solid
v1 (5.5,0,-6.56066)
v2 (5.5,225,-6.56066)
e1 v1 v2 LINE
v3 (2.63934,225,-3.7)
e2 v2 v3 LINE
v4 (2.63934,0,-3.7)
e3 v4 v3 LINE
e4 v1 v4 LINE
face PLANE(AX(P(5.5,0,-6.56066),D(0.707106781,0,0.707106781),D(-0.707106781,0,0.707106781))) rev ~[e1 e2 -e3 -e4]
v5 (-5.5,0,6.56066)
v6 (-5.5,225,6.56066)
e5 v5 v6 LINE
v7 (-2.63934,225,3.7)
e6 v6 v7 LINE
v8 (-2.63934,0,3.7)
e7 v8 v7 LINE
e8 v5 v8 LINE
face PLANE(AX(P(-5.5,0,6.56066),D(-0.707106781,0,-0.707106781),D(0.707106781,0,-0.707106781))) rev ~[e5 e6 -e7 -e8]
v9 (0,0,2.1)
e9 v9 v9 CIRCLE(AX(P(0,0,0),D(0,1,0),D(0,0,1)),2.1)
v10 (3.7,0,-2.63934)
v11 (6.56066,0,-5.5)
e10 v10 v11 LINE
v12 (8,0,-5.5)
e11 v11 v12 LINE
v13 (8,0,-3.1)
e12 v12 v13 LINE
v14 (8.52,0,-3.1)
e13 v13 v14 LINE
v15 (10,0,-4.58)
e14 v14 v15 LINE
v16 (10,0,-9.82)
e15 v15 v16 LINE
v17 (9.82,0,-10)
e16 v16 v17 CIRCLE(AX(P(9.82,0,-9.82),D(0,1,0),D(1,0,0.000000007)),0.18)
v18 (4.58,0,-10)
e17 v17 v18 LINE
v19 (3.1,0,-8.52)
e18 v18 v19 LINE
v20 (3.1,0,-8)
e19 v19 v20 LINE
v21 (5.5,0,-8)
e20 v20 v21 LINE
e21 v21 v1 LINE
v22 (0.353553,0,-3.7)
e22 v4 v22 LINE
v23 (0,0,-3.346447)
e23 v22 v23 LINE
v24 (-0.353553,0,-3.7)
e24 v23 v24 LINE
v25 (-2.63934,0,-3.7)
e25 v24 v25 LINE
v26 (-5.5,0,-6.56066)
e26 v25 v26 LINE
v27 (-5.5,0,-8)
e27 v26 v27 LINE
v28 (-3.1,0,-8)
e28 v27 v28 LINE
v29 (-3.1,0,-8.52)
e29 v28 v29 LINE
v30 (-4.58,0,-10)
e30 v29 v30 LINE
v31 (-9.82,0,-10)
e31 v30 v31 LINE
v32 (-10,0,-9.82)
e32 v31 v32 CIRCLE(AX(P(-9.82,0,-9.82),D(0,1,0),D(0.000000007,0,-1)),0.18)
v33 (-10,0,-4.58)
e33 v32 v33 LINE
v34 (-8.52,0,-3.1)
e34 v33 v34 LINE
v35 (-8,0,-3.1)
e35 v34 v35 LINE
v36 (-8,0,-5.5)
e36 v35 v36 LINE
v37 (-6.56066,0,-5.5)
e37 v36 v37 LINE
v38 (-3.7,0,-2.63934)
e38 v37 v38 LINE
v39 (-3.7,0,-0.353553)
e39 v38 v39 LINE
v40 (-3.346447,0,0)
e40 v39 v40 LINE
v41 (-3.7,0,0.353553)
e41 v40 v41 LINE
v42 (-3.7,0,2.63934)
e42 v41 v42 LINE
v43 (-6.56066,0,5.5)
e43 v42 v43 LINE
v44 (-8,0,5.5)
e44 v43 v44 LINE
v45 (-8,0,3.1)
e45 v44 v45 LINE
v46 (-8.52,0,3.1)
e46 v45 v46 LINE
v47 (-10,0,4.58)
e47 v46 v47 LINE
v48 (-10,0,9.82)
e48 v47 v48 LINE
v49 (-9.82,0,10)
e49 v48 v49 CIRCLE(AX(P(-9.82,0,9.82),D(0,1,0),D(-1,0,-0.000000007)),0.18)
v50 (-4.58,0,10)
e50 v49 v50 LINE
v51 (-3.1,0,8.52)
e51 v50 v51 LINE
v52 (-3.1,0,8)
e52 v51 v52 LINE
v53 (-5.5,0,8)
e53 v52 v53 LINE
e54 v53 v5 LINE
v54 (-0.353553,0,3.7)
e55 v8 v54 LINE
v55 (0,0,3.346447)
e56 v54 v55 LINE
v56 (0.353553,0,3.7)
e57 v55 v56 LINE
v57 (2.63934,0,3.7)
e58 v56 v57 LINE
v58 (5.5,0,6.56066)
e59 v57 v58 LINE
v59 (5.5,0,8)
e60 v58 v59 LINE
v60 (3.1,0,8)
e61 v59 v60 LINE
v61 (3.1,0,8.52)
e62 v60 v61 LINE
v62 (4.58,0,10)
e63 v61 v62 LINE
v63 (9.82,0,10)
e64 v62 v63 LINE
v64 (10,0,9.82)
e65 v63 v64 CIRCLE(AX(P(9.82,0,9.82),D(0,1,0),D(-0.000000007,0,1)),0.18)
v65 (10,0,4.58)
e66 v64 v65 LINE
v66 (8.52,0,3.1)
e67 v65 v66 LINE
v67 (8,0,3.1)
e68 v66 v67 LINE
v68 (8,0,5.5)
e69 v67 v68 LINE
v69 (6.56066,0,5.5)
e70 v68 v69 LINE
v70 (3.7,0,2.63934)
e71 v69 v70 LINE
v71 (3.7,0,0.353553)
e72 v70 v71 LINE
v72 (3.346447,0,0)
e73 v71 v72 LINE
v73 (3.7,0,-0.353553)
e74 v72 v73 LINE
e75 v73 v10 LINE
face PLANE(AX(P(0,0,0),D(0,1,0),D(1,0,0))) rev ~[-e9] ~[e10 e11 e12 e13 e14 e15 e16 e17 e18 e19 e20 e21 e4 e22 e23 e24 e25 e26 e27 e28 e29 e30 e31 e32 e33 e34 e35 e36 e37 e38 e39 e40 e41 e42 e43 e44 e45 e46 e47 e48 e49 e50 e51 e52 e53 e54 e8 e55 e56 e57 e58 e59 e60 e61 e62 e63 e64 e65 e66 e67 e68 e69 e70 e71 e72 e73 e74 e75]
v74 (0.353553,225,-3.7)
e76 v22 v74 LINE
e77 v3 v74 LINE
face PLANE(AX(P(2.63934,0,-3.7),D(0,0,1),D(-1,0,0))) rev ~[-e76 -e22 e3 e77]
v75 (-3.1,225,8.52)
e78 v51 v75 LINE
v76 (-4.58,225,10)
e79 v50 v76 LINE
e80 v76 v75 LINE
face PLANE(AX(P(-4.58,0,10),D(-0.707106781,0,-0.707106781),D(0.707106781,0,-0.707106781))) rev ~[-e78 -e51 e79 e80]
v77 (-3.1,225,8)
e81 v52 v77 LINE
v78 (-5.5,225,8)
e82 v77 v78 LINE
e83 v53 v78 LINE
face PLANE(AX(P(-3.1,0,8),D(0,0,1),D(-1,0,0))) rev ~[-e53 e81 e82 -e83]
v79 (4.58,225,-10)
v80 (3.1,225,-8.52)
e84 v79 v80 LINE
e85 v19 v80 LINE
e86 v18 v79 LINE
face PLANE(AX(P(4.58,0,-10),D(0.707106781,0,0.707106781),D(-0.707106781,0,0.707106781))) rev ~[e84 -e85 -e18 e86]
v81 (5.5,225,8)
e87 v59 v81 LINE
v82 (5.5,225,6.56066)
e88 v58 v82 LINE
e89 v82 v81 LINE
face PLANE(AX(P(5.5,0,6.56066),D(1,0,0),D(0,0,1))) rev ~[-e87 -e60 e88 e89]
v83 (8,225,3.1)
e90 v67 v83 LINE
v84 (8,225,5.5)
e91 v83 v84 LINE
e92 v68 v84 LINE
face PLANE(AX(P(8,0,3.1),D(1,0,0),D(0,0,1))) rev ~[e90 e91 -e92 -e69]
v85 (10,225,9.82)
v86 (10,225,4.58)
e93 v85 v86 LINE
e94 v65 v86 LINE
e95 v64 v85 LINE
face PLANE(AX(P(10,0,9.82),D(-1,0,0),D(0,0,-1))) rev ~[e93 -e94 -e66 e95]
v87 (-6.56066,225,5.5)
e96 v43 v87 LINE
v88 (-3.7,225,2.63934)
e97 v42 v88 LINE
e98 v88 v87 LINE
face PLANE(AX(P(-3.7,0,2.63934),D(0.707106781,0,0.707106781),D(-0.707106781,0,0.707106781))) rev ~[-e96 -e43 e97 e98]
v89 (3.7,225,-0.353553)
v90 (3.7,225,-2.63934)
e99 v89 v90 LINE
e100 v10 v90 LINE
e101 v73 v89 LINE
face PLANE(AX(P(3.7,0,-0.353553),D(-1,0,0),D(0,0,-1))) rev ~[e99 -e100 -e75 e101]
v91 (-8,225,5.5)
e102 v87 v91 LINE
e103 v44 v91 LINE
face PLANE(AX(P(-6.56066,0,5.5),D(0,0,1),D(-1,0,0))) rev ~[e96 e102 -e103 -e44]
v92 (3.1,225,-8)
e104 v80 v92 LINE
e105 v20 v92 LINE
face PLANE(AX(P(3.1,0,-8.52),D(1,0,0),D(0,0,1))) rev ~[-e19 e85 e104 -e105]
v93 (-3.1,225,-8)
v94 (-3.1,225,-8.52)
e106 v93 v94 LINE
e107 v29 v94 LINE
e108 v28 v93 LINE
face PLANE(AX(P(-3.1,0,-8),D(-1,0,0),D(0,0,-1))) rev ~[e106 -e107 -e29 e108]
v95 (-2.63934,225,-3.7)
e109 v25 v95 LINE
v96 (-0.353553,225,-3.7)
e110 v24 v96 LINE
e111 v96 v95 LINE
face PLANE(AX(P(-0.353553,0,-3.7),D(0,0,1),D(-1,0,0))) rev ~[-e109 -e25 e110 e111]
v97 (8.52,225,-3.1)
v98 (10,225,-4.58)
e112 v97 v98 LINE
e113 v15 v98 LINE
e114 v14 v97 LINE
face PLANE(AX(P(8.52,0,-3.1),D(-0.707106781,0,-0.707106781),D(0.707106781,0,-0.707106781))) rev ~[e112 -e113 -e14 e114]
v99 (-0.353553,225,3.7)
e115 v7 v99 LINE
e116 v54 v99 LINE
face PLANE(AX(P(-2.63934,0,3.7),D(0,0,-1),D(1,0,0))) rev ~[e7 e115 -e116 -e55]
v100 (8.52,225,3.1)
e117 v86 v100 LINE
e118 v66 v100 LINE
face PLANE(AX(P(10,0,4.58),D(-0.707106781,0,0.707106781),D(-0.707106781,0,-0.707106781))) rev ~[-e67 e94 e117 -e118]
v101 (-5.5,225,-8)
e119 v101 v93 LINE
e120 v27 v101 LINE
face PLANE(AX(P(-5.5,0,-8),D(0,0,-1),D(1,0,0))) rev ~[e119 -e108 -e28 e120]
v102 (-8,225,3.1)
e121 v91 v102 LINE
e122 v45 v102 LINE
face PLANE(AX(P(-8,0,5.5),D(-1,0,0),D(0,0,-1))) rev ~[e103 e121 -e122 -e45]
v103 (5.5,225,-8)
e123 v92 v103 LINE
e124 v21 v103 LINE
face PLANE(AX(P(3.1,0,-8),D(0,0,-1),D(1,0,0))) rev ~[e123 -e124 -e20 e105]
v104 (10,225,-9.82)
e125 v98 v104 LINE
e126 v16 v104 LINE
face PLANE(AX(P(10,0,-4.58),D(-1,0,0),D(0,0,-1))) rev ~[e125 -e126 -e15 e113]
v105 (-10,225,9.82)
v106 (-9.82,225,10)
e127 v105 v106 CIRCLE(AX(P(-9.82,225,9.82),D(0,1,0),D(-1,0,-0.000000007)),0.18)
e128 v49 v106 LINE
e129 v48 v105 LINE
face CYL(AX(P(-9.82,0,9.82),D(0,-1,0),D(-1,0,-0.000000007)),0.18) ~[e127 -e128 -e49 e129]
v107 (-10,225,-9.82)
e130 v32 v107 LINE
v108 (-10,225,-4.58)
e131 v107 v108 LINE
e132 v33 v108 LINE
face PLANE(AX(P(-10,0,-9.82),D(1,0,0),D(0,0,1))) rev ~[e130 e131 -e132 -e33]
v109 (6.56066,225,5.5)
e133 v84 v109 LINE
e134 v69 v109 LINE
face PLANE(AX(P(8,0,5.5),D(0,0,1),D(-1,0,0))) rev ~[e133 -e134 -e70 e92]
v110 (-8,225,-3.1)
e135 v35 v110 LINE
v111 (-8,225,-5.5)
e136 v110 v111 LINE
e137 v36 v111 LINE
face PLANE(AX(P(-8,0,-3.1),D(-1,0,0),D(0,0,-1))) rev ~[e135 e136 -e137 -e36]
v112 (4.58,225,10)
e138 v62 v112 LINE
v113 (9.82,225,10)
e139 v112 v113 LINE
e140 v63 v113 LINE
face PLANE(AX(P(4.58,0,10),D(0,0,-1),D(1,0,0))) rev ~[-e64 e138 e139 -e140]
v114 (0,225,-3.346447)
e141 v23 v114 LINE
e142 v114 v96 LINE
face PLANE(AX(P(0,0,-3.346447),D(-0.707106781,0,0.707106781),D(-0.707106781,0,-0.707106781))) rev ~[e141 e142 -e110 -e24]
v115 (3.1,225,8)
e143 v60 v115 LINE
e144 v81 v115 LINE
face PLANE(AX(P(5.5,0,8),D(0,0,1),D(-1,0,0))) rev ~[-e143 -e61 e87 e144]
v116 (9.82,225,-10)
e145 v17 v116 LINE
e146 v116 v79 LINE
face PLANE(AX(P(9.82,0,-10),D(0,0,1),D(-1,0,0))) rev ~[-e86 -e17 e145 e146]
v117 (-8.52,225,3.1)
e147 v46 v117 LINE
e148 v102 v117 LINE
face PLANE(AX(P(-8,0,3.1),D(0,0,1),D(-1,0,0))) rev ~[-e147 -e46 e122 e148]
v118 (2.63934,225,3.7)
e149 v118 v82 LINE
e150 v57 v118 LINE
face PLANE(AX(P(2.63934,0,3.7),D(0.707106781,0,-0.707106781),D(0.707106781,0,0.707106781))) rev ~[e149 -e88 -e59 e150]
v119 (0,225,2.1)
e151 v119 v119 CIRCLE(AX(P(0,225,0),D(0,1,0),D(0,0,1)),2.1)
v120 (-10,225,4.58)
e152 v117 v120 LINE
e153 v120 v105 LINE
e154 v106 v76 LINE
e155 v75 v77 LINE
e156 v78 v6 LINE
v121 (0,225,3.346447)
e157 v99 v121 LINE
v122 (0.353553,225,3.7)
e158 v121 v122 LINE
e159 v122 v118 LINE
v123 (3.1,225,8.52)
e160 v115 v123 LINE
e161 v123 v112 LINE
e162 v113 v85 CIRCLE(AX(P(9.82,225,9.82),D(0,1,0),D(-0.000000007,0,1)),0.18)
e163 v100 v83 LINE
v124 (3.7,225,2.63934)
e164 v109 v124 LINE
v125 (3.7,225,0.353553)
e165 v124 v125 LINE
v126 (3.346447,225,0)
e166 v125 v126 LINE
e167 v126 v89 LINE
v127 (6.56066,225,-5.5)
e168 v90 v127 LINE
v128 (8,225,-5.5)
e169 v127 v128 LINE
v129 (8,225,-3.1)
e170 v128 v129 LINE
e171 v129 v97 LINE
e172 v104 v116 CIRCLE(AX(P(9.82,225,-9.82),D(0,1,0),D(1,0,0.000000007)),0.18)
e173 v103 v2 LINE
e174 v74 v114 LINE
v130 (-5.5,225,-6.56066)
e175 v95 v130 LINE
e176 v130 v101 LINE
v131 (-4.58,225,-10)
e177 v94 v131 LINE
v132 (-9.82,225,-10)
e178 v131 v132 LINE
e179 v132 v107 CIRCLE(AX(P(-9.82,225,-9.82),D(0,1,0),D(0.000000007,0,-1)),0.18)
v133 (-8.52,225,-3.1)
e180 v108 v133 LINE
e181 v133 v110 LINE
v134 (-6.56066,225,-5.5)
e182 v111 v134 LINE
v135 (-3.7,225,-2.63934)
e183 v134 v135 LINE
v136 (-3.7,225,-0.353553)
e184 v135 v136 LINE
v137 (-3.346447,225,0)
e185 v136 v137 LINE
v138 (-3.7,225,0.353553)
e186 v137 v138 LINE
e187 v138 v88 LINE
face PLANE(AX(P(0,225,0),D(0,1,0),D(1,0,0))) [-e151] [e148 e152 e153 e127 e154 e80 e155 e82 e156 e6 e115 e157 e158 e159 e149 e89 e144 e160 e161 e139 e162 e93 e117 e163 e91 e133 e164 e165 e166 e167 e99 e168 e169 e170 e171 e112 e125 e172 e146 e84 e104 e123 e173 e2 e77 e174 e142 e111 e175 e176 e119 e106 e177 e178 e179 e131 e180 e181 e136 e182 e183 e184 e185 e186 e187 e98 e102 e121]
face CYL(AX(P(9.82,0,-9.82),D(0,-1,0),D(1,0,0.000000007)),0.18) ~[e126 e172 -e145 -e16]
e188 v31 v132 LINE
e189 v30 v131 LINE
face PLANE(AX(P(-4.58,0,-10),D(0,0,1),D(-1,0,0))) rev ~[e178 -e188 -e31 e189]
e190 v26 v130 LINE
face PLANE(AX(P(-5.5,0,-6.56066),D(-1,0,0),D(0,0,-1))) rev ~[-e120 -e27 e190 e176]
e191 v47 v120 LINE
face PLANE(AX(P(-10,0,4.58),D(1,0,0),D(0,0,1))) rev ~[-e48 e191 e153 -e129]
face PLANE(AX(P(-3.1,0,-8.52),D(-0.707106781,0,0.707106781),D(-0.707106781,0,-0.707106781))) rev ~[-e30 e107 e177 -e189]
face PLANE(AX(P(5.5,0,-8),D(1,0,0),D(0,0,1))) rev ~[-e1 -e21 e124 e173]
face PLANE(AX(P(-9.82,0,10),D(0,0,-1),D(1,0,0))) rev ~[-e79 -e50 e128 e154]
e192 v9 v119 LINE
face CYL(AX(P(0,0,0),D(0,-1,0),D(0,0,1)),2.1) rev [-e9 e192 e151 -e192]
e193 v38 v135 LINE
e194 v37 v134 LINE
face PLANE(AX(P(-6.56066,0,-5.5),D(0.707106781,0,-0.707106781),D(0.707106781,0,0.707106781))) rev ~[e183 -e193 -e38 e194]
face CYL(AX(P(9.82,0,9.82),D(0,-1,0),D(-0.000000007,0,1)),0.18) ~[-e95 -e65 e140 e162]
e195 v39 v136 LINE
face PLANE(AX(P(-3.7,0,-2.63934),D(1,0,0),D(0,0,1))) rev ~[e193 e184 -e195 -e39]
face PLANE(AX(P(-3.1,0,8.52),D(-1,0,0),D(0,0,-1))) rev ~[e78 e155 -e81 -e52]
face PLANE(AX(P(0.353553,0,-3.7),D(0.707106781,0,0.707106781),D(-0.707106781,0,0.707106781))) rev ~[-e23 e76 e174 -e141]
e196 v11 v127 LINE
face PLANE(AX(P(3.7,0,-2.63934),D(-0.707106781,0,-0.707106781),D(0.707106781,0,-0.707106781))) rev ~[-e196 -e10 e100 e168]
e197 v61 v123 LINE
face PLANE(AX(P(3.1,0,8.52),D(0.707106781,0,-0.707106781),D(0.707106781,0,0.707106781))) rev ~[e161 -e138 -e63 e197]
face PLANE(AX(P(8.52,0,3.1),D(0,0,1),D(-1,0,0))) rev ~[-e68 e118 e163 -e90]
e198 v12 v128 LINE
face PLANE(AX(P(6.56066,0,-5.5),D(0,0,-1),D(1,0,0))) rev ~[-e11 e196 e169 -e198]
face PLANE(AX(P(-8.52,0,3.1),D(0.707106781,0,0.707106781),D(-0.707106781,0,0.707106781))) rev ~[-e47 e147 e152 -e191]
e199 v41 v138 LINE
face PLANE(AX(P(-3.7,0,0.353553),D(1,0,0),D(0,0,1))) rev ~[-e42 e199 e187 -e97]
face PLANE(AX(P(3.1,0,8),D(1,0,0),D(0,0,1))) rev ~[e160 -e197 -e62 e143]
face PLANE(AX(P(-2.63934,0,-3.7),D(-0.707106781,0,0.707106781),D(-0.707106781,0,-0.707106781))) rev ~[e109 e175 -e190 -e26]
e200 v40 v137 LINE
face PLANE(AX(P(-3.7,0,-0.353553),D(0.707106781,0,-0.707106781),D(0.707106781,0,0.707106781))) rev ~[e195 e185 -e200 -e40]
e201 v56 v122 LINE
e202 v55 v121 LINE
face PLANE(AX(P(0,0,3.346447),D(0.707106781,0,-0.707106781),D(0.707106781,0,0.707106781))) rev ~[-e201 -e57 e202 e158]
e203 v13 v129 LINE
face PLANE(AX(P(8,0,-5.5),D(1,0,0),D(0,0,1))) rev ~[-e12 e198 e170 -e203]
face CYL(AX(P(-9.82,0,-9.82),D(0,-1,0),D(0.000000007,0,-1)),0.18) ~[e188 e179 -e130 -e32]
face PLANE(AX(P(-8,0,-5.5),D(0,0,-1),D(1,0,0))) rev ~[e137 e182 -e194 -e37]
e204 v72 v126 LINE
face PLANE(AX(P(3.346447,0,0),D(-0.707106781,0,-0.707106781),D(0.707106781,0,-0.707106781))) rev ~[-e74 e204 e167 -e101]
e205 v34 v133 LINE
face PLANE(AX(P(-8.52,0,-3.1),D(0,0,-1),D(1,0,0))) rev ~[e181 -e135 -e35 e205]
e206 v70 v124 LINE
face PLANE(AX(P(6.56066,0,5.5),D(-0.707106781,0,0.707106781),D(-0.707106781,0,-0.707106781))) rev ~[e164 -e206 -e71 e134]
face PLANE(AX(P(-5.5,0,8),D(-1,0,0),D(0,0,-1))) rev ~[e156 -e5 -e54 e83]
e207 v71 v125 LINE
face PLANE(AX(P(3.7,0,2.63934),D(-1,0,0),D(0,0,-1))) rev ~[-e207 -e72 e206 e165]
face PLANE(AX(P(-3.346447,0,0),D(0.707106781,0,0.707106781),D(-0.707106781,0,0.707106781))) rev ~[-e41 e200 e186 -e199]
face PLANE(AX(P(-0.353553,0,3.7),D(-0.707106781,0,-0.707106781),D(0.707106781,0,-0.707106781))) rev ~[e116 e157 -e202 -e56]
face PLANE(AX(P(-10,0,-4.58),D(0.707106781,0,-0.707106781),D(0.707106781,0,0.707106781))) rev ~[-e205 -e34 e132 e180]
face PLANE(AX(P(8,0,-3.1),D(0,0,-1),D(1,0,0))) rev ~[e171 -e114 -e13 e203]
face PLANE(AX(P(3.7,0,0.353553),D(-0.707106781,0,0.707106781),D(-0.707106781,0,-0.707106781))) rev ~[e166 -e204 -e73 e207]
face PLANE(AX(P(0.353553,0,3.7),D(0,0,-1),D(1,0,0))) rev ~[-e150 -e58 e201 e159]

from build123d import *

# Parameters (mm, degrees)
ESQUISSE1_R        = 2.1
BOSS_EXTRU_1_DEPTH = 225


with BuildPart() as part:
    # Esquisse1 → Boss.-Extru.1 (new body)
    with BuildSketch(Plane(origin=(0, 0, 0), x_dir=(1, 0, 0), z_dir=(0, 1, 0))):
        with BuildLine():
            Line((3.7, 2.639339828), (6.560660172, 5.5))
            Line((6.560660172, 5.5), (8, 5.5))
            Line((8, 5.5), (8, 3.1))
            Line((8, 3.1), (8.52, 3.1))
            Line((8.52, 3.1), (10, 4.58))
            Line((10, 4.58), (10, 9.82))
            ThreePointArc((10, 9.82), (9.947279221, 9.947279221), (9.82, 10))
            Line((9.82, 10), (4.58, 10))
            Line((4.58, 10), (3.1, 8.52))
            Line((3.1, 8.52), (3.1, 8))
            Line((3.1, 8), (5.5, 8))
            Line((5.5, 8), (5.5, 6.560660172))
            Line((5.5, 6.560660172), (2.639339828, 3.7))
            Line((2.639339828, 3.7), (0.353553391, 3.7))
            Line((0.353553391, 3.7), (0, 3.346446609))
            Line((0, 3.346446609), (-0.353553391, 3.7))
            Line((-0.353553391, 3.7), (-2.639339828, 3.7))
            Line((-2.639339828, 3.7), (-5.5, 6.560660172))
            Line((-5.5, 6.560660172), (-5.5, 8))
            Line((-5.5, 8), (-3.1, 8))
            Line((-3.1, 8), (-3.1, 8.52))
            Line((-3.1, 8.52), (-4.58, 10))
            Line((-4.58, 10), (-9.82, 10))
            ThreePointArc((-9.82, 10), (-9.947279221, 9.947279221), (-10, 9.82))
            Line((-10, 9.82), (-10, 4.58))
            Line((-10, 4.58), (-8.52, 3.1))
            Line((-8.52, 3.1), (-8, 3.1))
            Line((-8, 3.1), (-8, 5.5))
            Line((-8, 5.5), (-6.560660172, 5.5))
            Line((-6.560660172, 5.5), (-3.7, 2.639339828))
            Line((-3.7, 2.639339828), (-3.7, 0.353553391))
            Line((-3.7, 0.353553391), (-3.346446609, 0))
            Line((-3.346446609, 0), (-3.7, -0.353553391))
            Line((-3.7, -0.353553391), (-3.7, -2.639339828))
            Line((-3.7, -2.639339828), (-6.560660172, -5.5))
            Line((-6.560660172, -5.5), (-8, -5.5))
            Line((-8, -5.5), (-8, -3.1))
            Line((-8, -3.1), (-8.52, -3.1))
            Line((-8.52, -3.1), (-10, -4.58))
            Line((-10, -4.58), (-10, -9.82))
            ThreePointArc((-10, -9.82), (-9.947279221, -9.947279221), (-9.82, -10))
            Line((-9.82, -10), (-4.58, -10))
            Line((-4.58, -10), (-3.1, -8.52))
            Line((-3.1, -8.52), (-3.1, -8))
            Line((-3.1, -8), (-5.5, -8))
            Line((-5.5, -8), (-5.5, -6.560660172))
            Line((-5.5, -6.560660172), (-2.639339828, -3.7))
            Line((-2.639339828, -3.7), (-0.353553391, -3.7))
            Line((-0.353553391, -3.7), (0, -3.346446609))
            Line((0, -3.346446609), (0.353553391, -3.7))
            Line((0.353553391, -3.7), (2.639339828, -3.7))
            Line((2.639339828, -3.7), (5.5, -6.560660172))
            Line((5.5, -6.560660172), (5.5, -8))
            Line((5.5, -8), (3.1, -8))
            Line((3.1, -8), (3.1, -8.52))
            Line((3.1, -8.52), (4.58, -10))
            Line((4.58, -10), (9.82, -10))
            ThreePointArc((9.82, -10), (9.947279221, -9.947279221), (10, -9.82))
            Line((10, -9.82), (10, -4.58))
            Line((10, -4.58), (8.52, -3.1))
            Line((8.52, -3.1), (8, -3.1))
            Line((8, -3.1), (8, -5.5))
            Line((8, -5.5), (6.560660172, -5.5))
            Line((6.560660172, -5.5), (3.7, -2.639339828))
            Line((3.7, -2.639339828), (3.7, -0.353553391))
            Line((3.7, -0.353553391), (3.346446609, 0))
            Line((3.346446609, 0), (3.7, 0.353553391))
            Line((3.7, 0.353553391), (3.7, 2.639339828))
        make_face()
        with Locations(Location((0, 0, 0), (0, 0, 270))):
            Circle(ESQUISSE1_R, mode=Mode.SUBTRACT)
    extrude(amount=BOSS_EXTRU_1_DEPTH)


solid = part.part
